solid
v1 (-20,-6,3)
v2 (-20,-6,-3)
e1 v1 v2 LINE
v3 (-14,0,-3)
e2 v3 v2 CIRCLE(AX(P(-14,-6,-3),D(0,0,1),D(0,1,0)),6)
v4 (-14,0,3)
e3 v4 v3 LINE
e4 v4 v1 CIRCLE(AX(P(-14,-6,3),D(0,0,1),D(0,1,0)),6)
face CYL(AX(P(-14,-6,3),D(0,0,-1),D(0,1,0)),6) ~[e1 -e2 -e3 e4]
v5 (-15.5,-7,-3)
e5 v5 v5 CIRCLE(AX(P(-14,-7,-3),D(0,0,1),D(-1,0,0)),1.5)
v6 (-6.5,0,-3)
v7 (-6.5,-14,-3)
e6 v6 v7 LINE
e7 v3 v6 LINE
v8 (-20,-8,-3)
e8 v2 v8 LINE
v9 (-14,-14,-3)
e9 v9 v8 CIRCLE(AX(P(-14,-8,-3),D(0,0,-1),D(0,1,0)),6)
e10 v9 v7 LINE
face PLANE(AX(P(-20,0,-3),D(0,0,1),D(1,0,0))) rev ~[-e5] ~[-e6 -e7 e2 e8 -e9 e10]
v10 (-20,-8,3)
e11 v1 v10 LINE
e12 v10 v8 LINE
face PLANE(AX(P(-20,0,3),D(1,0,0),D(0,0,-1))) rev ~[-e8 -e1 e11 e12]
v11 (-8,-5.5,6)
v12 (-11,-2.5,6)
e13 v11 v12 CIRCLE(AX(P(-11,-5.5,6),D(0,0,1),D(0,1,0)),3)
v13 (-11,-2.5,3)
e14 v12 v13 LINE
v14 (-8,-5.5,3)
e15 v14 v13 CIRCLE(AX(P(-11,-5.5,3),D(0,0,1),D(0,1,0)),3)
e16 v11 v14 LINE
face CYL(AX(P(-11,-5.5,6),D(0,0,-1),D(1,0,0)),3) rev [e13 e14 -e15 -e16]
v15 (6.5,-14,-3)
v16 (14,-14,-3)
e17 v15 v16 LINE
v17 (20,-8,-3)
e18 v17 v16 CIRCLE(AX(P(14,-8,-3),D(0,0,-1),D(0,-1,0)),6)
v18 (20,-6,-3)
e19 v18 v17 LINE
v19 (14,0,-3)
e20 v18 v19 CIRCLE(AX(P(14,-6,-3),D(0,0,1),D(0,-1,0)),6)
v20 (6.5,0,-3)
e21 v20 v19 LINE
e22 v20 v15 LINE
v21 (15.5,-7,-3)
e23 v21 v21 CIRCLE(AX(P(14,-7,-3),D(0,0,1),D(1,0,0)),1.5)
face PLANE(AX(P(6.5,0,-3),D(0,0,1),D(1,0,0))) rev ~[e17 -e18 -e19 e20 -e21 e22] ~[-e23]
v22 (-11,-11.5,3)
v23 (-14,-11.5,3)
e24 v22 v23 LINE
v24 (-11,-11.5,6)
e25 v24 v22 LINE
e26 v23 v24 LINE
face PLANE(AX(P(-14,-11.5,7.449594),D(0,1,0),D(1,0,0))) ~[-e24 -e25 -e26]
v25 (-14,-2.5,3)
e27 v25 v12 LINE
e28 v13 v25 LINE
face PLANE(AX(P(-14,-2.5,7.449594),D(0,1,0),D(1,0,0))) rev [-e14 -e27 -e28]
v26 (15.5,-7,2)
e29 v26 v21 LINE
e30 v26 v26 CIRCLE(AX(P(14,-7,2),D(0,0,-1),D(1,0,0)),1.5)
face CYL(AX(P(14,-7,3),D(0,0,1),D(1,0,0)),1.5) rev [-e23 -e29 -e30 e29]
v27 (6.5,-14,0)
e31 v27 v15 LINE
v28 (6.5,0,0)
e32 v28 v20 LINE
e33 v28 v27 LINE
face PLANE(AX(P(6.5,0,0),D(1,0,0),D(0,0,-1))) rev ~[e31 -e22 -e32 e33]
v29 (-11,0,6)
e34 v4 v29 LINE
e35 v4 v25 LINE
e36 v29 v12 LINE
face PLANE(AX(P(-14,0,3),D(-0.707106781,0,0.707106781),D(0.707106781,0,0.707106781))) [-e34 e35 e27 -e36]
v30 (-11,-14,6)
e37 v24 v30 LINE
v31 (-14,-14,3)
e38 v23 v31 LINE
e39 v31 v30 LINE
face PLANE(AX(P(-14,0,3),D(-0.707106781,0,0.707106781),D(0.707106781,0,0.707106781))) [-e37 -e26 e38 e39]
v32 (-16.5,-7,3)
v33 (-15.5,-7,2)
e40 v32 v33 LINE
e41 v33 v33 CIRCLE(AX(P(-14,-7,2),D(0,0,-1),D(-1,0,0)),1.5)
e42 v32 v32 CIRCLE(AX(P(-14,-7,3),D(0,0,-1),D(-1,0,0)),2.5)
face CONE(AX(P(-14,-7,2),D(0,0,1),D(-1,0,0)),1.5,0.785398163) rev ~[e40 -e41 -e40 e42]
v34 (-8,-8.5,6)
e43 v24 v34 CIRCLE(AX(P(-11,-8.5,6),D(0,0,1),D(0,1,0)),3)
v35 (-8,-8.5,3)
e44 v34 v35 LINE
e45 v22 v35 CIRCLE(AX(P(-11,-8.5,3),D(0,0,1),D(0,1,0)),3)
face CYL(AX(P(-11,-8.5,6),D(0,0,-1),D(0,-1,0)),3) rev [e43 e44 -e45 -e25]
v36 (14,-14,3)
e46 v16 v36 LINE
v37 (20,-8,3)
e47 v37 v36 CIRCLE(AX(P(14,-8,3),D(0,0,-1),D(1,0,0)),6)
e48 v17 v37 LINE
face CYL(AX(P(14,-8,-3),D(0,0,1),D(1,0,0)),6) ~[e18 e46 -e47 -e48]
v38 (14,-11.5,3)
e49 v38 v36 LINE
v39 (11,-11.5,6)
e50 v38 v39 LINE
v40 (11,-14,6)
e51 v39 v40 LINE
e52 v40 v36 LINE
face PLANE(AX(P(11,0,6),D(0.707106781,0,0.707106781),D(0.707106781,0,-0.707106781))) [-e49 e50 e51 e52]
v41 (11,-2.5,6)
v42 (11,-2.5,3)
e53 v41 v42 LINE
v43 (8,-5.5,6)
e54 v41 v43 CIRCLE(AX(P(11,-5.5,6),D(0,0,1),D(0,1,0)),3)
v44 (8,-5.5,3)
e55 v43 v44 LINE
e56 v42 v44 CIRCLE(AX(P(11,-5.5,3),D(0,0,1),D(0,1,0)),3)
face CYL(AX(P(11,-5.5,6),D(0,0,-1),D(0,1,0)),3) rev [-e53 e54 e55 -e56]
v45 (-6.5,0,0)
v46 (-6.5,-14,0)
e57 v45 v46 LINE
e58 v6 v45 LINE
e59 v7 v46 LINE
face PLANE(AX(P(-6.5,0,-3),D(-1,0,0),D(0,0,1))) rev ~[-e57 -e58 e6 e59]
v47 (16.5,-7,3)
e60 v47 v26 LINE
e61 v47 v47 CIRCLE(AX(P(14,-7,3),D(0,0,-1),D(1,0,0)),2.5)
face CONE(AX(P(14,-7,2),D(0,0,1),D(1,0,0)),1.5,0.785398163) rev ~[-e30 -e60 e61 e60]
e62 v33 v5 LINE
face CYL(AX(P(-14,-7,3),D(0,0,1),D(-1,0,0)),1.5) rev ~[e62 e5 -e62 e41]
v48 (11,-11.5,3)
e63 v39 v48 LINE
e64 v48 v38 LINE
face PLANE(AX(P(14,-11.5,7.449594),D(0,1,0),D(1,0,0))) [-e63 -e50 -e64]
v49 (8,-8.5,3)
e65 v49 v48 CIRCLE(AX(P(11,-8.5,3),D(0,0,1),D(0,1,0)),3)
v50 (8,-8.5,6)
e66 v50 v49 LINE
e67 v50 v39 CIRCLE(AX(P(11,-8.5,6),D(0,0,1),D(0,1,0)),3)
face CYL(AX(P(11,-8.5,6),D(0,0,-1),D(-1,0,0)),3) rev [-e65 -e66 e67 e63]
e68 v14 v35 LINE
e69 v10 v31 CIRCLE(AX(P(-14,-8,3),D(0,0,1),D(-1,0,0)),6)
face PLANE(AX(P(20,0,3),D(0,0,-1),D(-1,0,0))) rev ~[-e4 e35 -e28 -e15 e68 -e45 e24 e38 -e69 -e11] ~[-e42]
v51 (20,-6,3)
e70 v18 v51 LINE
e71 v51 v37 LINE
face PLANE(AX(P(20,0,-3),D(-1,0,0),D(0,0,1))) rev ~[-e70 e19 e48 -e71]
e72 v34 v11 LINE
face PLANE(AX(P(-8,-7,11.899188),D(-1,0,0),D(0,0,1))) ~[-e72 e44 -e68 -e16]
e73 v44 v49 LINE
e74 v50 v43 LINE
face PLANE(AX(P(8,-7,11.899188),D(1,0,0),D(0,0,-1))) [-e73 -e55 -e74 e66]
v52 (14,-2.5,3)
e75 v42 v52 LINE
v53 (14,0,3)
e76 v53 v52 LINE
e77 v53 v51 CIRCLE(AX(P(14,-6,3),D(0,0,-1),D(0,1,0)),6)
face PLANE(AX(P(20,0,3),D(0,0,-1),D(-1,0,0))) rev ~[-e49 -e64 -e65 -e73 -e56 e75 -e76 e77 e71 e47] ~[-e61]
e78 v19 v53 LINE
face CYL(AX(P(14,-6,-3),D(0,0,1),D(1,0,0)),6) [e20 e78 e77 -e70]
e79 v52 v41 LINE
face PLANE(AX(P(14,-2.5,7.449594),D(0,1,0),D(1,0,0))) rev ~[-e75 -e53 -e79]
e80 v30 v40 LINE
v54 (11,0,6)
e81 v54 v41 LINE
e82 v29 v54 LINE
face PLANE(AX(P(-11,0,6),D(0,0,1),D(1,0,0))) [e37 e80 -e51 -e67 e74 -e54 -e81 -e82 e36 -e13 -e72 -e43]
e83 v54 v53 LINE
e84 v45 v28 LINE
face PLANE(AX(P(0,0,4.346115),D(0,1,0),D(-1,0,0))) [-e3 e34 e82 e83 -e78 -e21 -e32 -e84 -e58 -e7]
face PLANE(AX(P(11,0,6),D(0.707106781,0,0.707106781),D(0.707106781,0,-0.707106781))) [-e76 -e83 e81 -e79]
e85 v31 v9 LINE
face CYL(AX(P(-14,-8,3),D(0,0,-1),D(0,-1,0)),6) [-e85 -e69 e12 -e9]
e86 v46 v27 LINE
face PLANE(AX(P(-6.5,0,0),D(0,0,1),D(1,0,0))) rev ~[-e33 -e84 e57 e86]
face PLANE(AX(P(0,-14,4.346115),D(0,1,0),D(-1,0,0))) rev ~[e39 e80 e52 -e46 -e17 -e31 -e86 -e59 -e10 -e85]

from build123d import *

# Parameters (mm, degrees)
PAD_DEPTH       = 14
SKETCH001_R     = 1.5
POCKET_DEPTH    = 91.604738
FILLET_R        = 6
PAD001_DEPTH    = 14
SKETCH003_W     = 12
SKETCH003_H     = 8.899188
POCKET001_DEPTH = 4.5
FILLET001_R     = 3
CHAMFER_SIZE    = 1


with BuildPart() as part:
    # Sketch → Pad (new body)
    with BuildSketch(Plane.XZ):
        Polygon((20, -3), (20, 3), (-20, 3), (-20, -3), (-6.5, -3), (-6.5, 0), (6.5, 0), (6.5, -3), align=None)
    extrude(amount=PAD_DEPTH)

    # Sketch001 (on DatumPlane) → Pocket (cut, through all)
    with BuildSketch(Plane(origin=(0, 0, 3), x_dir=(-1, 0, 0), z_dir=(0, 0, 1))):
        with Locations((14, 7)):
            Circle(SKETCH001_R)
    pocket = extrude(amount=-POCKET_DEPTH, mode=Mode.SUBTRACT)

    # Mirrored: Pocket across Sketch001 V_Axis
    add(pocket.mirror(Plane(origin=(0, 0, 3), x_dir=(0, 0, 1), z_dir=(-1, 0, 0))), mode=Mode.SUBTRACT)

    # Fillet
    fillet_edges = [part.edges().sort_by_distance(p)[0] for p in [
        (-20, -14, 0),
        (20, -14, 0),
        (20, 0, 0),
        (-20, 0, 0),
    ]]
    fillet(fillet_edges, radius=FILLET_R)

    # Sketch002 → Pad001 (join)
    with BuildSketch(Plane.XZ):
        Polygon((-14, 3), (-11, 6), (11, 6), (14, 3), align=None)
    extrude(amount=PAD001_DEPTH)

    # Sketch003 (on DatumPlane) → Pocket001 (cut, symmetric)
    with BuildSketch(Plane(origin=(0, -7, 0), x_dir=(1, 0, 0), z_dir=(0, 1, 0))):
        with Locations((14, -7.449594)):
            Rectangle(SKETCH003_W, SKETCH003_H)
    pocket001 = extrude(amount=POCKET001_DEPTH, both=True, mode=Mode.SUBTRACT)

    # Mirrored001: Pocket001 across Sketch003 V_Axis
    add(pocket001.mirror(Plane(origin=(0, -7, 0), x_dir=(0, 1, 0), z_dir=(1, 0, 0))), mode=Mode.SUBTRACT)

    # Fillet001
    fillet001_edges = [part.edges().sort_by_distance(p)[0] for p in [
        (-8, -11.5, 4.5),
        (8, -11.5, 4.5),
        (-8, -2.5, 4.5),
        (8, -2.5, 4.5),
    ]]
    fillet(fillet001_edges, radius=FILLET001_R)

    # Chamfer
    chamfer_edges = [part.edges().sort_by_distance(p)[0] for p in [
        (-15.06066, -5.93934, 3),
        (12.5, -7, 3),
    ]]
    chamfer(chamfer_edges, length=CHAMFER_SIZE)


solid = part.part
